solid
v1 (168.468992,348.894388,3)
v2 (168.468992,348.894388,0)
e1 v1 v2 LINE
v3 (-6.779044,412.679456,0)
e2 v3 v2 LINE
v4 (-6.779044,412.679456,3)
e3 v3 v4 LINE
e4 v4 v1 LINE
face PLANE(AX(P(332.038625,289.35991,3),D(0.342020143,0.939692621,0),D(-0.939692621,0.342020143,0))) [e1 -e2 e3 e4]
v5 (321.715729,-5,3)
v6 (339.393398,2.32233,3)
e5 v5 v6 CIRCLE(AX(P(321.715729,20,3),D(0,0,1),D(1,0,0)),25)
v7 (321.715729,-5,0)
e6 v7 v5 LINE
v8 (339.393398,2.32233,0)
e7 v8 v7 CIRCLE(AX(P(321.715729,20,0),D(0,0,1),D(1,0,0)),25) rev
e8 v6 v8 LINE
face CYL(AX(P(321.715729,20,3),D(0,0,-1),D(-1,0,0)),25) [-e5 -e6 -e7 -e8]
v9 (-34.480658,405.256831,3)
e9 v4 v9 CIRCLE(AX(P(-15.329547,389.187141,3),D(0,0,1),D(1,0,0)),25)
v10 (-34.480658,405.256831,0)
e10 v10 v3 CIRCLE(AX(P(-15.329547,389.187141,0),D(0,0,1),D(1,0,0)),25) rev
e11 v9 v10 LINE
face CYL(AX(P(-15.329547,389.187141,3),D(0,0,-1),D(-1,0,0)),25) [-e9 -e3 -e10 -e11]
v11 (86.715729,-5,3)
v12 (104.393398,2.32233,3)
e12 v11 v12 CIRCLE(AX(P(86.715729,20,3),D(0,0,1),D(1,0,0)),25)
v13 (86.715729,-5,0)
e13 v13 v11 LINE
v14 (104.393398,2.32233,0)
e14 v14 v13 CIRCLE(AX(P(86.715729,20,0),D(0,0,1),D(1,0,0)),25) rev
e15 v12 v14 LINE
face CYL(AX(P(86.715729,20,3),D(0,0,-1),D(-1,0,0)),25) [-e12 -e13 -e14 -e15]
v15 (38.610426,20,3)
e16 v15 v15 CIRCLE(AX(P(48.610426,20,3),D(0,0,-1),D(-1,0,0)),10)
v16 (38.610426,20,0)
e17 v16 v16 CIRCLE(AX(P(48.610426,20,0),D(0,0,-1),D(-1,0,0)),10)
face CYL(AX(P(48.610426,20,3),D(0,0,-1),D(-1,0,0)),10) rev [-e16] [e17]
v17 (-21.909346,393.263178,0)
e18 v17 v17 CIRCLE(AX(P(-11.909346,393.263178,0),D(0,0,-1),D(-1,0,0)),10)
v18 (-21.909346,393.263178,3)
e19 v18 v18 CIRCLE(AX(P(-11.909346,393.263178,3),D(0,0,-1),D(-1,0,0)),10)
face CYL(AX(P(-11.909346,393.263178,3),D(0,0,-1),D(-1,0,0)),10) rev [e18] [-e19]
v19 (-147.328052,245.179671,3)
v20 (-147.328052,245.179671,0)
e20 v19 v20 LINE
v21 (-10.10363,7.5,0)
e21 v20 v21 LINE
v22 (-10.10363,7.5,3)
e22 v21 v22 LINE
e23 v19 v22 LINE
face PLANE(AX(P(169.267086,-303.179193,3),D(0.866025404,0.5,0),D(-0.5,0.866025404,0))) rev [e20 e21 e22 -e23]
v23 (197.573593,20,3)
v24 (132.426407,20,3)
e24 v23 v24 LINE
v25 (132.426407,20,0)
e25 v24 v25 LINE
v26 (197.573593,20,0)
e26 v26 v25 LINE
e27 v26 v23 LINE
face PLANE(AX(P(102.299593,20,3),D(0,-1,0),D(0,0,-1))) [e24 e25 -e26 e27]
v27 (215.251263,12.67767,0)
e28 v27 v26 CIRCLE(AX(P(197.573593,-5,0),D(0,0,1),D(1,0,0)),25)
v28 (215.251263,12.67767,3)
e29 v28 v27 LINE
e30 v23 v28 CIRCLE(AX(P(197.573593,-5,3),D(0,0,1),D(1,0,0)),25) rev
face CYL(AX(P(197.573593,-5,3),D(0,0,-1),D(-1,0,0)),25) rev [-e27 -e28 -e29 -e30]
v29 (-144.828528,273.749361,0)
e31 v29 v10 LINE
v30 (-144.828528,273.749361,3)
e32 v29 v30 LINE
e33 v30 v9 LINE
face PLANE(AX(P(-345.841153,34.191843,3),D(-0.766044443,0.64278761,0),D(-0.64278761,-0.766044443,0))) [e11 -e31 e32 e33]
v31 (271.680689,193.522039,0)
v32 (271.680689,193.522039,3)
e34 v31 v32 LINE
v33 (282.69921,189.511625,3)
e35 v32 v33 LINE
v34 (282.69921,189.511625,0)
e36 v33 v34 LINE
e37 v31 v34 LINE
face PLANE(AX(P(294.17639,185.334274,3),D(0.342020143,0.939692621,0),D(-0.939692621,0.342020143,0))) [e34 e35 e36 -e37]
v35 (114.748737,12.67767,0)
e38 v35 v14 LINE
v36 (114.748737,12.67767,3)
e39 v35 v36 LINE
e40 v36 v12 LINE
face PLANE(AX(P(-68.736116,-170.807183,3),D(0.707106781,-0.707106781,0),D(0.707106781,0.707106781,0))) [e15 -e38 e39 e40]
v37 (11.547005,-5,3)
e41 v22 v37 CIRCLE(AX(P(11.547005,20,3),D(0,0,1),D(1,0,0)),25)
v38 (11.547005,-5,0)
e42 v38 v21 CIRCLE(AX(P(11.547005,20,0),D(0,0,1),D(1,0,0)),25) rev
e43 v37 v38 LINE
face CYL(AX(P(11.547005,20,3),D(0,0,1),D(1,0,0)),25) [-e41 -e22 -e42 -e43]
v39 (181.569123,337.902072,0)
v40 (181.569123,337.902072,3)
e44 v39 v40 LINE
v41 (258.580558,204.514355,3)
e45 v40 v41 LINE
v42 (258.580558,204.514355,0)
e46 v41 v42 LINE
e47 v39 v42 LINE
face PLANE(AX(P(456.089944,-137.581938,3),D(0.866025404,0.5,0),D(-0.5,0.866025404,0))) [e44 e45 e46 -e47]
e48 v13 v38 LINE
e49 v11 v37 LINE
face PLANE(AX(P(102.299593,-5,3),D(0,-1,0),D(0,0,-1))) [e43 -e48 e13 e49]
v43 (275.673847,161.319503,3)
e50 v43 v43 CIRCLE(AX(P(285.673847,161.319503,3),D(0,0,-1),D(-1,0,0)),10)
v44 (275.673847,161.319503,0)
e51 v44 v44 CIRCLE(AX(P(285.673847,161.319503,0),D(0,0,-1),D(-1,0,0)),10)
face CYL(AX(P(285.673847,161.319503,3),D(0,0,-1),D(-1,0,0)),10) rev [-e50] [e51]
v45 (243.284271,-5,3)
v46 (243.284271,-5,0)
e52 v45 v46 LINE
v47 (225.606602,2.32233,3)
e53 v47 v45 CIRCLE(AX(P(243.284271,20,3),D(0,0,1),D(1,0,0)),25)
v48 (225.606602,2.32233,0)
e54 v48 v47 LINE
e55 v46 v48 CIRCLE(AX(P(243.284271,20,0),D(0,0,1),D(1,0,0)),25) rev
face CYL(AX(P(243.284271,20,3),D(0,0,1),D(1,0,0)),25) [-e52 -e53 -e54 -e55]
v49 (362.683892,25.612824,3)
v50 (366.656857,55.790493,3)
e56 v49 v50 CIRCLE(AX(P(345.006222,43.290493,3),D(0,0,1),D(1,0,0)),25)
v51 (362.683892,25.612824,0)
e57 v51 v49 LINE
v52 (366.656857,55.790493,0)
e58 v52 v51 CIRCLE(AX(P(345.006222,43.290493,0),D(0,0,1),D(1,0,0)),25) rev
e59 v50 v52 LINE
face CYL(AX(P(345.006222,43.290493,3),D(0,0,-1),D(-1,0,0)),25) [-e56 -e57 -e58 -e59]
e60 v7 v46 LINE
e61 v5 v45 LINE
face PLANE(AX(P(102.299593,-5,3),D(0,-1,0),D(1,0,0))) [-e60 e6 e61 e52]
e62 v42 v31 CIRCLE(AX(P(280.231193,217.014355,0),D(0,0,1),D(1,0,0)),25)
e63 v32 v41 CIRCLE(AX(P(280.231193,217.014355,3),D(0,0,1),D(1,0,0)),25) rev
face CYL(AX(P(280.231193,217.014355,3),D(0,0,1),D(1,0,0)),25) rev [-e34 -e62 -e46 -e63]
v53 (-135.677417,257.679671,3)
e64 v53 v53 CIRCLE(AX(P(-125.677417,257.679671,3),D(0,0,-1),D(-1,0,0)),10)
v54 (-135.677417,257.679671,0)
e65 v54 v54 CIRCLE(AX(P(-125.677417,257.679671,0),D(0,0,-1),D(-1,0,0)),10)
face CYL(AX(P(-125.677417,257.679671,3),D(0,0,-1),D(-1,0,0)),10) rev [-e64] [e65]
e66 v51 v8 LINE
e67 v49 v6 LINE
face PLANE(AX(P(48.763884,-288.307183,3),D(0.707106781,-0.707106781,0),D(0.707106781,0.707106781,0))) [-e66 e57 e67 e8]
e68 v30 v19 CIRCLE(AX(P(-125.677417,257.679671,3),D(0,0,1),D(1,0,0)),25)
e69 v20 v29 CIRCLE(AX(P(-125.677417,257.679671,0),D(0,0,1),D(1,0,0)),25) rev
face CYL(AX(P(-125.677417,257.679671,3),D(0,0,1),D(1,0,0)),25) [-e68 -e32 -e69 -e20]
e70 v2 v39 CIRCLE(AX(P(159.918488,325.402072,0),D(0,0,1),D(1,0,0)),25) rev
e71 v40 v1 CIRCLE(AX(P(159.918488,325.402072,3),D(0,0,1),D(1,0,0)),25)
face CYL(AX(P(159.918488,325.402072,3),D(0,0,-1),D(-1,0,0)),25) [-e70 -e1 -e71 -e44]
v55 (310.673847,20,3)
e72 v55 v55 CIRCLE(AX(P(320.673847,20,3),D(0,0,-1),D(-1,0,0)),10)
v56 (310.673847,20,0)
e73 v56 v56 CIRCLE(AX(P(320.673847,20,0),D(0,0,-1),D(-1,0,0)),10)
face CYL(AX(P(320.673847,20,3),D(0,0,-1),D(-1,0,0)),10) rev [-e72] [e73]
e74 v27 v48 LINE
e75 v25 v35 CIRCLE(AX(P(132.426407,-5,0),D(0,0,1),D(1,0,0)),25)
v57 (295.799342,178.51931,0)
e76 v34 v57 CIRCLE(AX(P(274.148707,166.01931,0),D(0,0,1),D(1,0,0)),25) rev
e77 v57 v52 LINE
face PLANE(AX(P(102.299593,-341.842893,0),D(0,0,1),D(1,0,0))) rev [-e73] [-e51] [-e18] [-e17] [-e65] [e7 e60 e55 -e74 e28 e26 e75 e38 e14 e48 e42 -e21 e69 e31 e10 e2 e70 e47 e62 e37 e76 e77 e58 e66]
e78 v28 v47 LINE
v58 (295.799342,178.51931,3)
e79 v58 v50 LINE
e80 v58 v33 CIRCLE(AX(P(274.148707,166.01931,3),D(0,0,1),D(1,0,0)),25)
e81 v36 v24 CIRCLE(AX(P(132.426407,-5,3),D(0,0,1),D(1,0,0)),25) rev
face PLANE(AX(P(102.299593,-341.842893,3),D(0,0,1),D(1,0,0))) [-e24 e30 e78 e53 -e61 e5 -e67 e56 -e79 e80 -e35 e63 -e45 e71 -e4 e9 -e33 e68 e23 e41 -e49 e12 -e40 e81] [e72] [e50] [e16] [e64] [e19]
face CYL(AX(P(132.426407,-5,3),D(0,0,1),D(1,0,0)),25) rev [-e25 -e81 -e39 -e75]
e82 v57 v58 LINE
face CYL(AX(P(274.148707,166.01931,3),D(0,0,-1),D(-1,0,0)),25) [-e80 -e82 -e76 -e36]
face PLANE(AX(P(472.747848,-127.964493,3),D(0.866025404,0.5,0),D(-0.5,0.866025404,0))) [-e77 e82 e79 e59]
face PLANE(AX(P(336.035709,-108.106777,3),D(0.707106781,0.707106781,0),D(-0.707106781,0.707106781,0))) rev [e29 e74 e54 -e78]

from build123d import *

# Parameters (mm, degrees)
RESSALTO_EXTRUS_O1_DEPTH = 3
FILETE1_R                = 25
ESBO_O2_R                = 10
CORTE_EXTRUS_O1_DEPTH    = 556.395887416


with BuildPart() as part:
    # Esboço1 → Ressalto-extrusão1 (new body)
    with BuildSketch(Plane.XY):
        Polygon((-18.228540014, 416.846731975), (-150, 259.807621135), (0, 0), (95, 0), (120, 25), (210, 25), (235, 0), (330, 0), (370, 40), (287.829512447, 182.323459324), (259.709984143, 192.558130628), (169.709984143, 348.44270331), align=None)
        Polygon((0, 0), (-150, 259.807621135), (-18.228540014, 416.846731975), (-23.228540014, 418.666583146), (-156.080645864, 260.339608715), (-2.886751346, -5), (97.071067812, -5), (122.071067812, 20), (207.928932188, 20), (232.928932188, -5), (332.071067812, -5), (376.248444489, 39.177376677), (291.249713881, 186.399496669), (263.130185576, 196.634167974), (177.019495143, 345.782258878), (169.709984143, 348.44270331), (259.709984143, 192.558130628), (287.829512447, 182.323459324), (370, 40), (330, 0), (235, 0), (210, 25), (120, 25), (95, 0), align=None)
    extrude(amount=RESSALTO_EXTRUS_O1_DEPTH)

    # Filete1
    filete1_edges = [part.edges().sort_by_distance(p)[0] for p in [
        (177.019495143, 345.782258878, 1.5),
        (263.130185576, 196.634167974, 1.5),
        (291.249713881, 186.399496669, 1.5),
        (376.248444489, 39.177376677, 1.5),
        (332.071067812, -5, 1.5),
        (232.928932188, -5, 1.5),
        (207.928932188, 20, 1.5),
        (122.071067812, 20, 1.5),
        (97.071067812, -5, 1.5),
        (-2.886751346, -5, 1.5),
        (-156.080645864, 260.339608715, 1.5),
        (-23.228540014, 418.666583146, 1.5),
    ]]
    fillet(filete1_edges, radius=FILETE1_R)

    # Esboço2 → Corte-extrusão1 (cut, through all)
    with BuildSketch(Plane(origin=(0, 0, 0), x_dir=(-1, 0, 0), z_dir=(0, 0, -1))):
        with Locations((11.909345747, 393.263177907)):
            Circle(ESBO_O2_R)
        with Locations((125.677416542, 257.679670815)):
            Circle(ESBO_O2_R)
        with Locations((-48.61042611, 20)):
            Circle(ESBO_O2_R)
        with Locations((-320.673846837, 20)):
            Circle(ESBO_O2_R)
        with Locations((-285.673846837, 161.319502665)):
            Circle(ESBO_O2_R)
    extrude(amount=-CORTE_EXTRUS_O1_DEPTH, mode=Mode.SUBTRACT)


solid = part.part
